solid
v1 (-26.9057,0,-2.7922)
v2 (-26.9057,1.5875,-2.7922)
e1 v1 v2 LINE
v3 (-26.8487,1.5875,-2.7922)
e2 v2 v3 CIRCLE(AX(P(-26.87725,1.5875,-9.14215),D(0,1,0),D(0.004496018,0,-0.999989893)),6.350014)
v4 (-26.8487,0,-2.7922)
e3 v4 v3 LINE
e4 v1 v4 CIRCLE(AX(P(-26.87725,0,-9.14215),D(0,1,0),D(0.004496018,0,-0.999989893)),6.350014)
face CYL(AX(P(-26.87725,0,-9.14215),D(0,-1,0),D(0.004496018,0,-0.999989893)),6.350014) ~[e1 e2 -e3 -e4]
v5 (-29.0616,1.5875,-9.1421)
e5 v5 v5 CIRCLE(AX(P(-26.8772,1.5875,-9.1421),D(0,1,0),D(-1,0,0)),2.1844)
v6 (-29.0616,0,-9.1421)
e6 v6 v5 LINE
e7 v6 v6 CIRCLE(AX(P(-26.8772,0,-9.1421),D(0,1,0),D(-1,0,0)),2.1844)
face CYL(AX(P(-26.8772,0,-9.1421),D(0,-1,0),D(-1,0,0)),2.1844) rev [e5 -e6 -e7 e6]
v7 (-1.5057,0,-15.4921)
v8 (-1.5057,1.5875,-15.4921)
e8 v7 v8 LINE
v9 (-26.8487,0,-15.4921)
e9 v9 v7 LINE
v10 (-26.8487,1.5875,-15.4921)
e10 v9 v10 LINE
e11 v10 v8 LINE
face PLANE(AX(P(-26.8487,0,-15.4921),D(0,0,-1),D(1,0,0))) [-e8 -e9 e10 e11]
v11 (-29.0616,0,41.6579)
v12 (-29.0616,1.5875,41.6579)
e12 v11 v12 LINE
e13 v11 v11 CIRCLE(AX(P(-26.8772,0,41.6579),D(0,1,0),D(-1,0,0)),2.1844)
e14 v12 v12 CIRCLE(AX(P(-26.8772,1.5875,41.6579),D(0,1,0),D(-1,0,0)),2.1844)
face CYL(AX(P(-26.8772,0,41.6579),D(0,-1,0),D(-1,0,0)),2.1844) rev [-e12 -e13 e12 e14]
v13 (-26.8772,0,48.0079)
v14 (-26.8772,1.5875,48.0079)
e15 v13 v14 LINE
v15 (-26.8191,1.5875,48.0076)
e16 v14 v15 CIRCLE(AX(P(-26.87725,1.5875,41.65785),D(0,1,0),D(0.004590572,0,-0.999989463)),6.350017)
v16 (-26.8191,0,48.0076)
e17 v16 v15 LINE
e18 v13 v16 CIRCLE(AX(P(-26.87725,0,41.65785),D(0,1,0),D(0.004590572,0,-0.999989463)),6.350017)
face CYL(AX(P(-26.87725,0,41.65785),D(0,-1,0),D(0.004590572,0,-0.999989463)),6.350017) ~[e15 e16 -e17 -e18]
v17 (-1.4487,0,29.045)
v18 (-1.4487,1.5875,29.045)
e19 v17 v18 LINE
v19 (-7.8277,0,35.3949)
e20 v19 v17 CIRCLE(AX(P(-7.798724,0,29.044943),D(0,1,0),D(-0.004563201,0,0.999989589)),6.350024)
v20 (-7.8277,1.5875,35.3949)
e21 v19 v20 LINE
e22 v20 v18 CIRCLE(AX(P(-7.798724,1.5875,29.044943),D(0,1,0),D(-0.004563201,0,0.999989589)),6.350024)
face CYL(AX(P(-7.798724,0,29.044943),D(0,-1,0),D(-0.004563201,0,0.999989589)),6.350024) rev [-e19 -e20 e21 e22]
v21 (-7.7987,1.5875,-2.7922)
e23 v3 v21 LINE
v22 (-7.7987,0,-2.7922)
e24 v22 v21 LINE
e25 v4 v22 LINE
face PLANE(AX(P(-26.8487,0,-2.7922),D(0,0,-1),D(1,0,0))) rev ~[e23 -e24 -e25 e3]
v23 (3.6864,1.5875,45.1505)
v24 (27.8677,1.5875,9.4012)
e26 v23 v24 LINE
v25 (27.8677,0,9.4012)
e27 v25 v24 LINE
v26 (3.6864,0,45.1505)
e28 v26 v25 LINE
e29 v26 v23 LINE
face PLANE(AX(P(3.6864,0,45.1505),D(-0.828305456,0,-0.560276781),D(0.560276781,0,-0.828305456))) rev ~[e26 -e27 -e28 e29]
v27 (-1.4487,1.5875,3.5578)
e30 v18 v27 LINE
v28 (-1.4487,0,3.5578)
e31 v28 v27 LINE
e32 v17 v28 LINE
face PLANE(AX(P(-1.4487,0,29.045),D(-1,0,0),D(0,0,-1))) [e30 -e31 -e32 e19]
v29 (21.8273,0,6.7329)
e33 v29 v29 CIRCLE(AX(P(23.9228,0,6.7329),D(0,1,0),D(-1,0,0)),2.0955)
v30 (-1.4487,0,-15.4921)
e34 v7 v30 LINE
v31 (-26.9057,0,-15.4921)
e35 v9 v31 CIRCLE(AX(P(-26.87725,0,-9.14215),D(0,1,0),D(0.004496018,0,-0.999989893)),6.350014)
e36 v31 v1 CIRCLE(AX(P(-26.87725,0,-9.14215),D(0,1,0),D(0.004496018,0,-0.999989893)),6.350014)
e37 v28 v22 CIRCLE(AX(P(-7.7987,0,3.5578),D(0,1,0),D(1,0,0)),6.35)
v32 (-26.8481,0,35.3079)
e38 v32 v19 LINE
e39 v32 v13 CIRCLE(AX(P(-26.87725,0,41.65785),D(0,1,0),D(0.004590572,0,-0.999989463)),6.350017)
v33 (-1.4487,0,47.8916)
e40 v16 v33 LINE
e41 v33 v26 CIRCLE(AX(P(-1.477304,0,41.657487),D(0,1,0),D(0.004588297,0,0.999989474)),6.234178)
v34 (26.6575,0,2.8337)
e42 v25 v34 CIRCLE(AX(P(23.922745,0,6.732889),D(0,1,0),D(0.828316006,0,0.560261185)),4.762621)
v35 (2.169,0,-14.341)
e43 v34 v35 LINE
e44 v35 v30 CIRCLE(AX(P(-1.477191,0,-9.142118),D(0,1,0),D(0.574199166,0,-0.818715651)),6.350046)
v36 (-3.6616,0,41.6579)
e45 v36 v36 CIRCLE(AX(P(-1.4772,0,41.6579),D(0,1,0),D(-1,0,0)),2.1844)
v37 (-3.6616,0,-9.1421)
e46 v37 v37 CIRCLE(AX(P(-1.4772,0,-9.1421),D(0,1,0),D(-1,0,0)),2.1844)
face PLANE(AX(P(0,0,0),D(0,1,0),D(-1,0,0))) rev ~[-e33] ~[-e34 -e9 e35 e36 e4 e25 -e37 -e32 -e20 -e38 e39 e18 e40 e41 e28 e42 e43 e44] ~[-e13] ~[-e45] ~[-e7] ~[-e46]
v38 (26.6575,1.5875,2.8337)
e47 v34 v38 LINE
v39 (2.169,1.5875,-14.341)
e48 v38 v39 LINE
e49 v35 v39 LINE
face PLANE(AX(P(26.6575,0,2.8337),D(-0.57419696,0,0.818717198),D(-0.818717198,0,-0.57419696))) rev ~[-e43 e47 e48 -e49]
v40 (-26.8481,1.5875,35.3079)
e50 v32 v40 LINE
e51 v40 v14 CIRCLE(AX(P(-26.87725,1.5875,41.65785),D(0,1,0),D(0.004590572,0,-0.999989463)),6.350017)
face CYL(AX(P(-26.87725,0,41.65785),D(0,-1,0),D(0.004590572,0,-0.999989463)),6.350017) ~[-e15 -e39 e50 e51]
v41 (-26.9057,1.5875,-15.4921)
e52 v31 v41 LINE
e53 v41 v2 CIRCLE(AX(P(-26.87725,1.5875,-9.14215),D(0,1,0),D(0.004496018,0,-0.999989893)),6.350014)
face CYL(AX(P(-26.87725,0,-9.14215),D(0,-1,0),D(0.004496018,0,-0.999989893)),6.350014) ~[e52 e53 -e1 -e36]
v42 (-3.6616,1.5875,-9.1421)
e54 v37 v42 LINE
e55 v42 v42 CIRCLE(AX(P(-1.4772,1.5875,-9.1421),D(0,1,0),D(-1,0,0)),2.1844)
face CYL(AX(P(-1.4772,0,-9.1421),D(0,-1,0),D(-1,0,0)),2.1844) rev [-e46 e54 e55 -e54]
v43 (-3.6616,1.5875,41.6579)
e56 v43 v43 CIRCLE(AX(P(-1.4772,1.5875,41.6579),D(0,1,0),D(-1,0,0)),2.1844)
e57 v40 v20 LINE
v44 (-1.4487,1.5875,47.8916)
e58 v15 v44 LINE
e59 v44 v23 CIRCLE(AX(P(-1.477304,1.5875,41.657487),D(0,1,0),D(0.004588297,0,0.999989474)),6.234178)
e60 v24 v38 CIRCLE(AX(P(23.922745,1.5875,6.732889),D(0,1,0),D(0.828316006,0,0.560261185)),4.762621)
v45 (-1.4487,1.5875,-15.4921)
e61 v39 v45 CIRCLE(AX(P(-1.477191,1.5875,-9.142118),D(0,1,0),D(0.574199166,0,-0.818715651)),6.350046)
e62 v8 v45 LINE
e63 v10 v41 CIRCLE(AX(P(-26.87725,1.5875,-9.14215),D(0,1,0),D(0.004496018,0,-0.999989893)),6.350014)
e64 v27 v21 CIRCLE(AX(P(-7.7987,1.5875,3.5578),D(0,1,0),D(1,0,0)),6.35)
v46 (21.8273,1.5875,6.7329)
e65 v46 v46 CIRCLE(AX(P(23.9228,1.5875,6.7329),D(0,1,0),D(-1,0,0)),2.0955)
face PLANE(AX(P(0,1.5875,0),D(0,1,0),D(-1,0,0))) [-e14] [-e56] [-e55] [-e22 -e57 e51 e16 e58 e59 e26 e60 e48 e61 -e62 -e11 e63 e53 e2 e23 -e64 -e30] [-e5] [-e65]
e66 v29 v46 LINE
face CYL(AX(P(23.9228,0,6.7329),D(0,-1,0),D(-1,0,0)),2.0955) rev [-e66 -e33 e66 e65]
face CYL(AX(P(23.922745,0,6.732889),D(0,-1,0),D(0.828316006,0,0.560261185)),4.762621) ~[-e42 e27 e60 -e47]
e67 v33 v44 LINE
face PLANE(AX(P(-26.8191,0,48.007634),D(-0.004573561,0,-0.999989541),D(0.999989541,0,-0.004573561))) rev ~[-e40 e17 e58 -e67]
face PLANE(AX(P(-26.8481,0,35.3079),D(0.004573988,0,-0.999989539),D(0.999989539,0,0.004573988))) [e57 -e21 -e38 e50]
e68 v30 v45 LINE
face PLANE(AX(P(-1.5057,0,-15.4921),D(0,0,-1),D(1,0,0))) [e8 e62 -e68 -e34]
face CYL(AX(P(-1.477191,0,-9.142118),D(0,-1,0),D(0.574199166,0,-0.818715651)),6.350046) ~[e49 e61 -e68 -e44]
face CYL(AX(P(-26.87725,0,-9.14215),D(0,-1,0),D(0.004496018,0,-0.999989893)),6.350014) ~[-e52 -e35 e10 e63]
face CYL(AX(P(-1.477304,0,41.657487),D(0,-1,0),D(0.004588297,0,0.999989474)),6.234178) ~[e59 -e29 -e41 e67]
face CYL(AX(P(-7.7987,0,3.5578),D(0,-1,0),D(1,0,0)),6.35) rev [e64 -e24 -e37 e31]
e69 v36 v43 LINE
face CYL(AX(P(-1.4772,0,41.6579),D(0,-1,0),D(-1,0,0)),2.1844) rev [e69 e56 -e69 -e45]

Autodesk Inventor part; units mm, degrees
ref_plane "YZ Plane" through (0, 0, 0) normal (1, 0, 0) x (0, 1, 0)
ref_plane "XZ Plane" through (0, 0, 0) normal (0, 1, 0) x (-1, 0, 0)
ref_plane "XY Plane" through (0, 0, 0) normal (0, 0, 1) x (1, 0, 0)
sketch "Sketch1" plane through (0, 0, 0) normal (0, 1, 0) x (-1, 0, 0)
  circle A0 centre (1.4772, 41.6579) radius 2.1844
  circle A1 centre (26.8772, 41.6579) radius 2.1844
  circle A2 centre (26.8772, -9.1421) radius 2.1844
  circle A3 centre (1.4772, -9.1421) radius 2.1844
  arc A4 (1.4487, 47.8916) -> (-3.6864, 45.1505) centre (1.4772, 41.6579) ccw
  arc A5 (26.8481, 35.3079) -> (26.8191, 48.0076) centre (26.8772, 41.6579) ccw
  arc A6 (26.8487, -15.4921) -> (26.8487, -2.7922) centre (26.8772, -9.1421) ccw
  circle A7 centre (-23.9228, 6.7329) radius 2.0955
  arc A8 (-27.8677, 9.4012) -> (-26.6575, 2.8337) centre (-23.9228, 6.7329) ccw
  line L0 (-3.6864, 45.1505) -> (-27.8677, 9.4012)
  line L1 (-26.6575, 2.8337) -> (-2.169, -14.341)
  line L2 (26.8772, 48.0079) -> (1.4487, 47.8916)
  line L3 (26.8481, 35.3079) -> (7.8277, 35.3949)
  line L4 (1.4487, 29.045) -> (1.4487, 3.5578)
  line L5 (26.9057, -2.7922) -> (7.7987, -2.7922)
  line L6 (26.9057, -15.4921) -> (1.4487, -15.4921)
  arc A9 (1.5057, -2.7922) -> (1.4487, -2.7922) centre (1.4772, -9.1421) ccw
  arc A10 (-2.169, -14.341) -> (1.5057, -15.4921) centre (1.4772, -9.1421) ccw
  arc A11 (7.8277, 35.3949) -> (1.4487, 29.045) centre (7.7987, 29.045) ccw
  arc A12 (1.4487, 3.5578) -> (7.7987, -2.7922) centre (7.7987, 3.5578) ccw
  point P0 (0, 0)
  dimension "d0" = 4.191
  dimension "d1" = 9.525
  dimension "d2" = 25.4
  dimension "d3" = 6.35
extrude "Extrusion1" add sketch "Sketch1" along normal blind 1.5875
properties part number "gusset" material "Acetal Resin, White"
